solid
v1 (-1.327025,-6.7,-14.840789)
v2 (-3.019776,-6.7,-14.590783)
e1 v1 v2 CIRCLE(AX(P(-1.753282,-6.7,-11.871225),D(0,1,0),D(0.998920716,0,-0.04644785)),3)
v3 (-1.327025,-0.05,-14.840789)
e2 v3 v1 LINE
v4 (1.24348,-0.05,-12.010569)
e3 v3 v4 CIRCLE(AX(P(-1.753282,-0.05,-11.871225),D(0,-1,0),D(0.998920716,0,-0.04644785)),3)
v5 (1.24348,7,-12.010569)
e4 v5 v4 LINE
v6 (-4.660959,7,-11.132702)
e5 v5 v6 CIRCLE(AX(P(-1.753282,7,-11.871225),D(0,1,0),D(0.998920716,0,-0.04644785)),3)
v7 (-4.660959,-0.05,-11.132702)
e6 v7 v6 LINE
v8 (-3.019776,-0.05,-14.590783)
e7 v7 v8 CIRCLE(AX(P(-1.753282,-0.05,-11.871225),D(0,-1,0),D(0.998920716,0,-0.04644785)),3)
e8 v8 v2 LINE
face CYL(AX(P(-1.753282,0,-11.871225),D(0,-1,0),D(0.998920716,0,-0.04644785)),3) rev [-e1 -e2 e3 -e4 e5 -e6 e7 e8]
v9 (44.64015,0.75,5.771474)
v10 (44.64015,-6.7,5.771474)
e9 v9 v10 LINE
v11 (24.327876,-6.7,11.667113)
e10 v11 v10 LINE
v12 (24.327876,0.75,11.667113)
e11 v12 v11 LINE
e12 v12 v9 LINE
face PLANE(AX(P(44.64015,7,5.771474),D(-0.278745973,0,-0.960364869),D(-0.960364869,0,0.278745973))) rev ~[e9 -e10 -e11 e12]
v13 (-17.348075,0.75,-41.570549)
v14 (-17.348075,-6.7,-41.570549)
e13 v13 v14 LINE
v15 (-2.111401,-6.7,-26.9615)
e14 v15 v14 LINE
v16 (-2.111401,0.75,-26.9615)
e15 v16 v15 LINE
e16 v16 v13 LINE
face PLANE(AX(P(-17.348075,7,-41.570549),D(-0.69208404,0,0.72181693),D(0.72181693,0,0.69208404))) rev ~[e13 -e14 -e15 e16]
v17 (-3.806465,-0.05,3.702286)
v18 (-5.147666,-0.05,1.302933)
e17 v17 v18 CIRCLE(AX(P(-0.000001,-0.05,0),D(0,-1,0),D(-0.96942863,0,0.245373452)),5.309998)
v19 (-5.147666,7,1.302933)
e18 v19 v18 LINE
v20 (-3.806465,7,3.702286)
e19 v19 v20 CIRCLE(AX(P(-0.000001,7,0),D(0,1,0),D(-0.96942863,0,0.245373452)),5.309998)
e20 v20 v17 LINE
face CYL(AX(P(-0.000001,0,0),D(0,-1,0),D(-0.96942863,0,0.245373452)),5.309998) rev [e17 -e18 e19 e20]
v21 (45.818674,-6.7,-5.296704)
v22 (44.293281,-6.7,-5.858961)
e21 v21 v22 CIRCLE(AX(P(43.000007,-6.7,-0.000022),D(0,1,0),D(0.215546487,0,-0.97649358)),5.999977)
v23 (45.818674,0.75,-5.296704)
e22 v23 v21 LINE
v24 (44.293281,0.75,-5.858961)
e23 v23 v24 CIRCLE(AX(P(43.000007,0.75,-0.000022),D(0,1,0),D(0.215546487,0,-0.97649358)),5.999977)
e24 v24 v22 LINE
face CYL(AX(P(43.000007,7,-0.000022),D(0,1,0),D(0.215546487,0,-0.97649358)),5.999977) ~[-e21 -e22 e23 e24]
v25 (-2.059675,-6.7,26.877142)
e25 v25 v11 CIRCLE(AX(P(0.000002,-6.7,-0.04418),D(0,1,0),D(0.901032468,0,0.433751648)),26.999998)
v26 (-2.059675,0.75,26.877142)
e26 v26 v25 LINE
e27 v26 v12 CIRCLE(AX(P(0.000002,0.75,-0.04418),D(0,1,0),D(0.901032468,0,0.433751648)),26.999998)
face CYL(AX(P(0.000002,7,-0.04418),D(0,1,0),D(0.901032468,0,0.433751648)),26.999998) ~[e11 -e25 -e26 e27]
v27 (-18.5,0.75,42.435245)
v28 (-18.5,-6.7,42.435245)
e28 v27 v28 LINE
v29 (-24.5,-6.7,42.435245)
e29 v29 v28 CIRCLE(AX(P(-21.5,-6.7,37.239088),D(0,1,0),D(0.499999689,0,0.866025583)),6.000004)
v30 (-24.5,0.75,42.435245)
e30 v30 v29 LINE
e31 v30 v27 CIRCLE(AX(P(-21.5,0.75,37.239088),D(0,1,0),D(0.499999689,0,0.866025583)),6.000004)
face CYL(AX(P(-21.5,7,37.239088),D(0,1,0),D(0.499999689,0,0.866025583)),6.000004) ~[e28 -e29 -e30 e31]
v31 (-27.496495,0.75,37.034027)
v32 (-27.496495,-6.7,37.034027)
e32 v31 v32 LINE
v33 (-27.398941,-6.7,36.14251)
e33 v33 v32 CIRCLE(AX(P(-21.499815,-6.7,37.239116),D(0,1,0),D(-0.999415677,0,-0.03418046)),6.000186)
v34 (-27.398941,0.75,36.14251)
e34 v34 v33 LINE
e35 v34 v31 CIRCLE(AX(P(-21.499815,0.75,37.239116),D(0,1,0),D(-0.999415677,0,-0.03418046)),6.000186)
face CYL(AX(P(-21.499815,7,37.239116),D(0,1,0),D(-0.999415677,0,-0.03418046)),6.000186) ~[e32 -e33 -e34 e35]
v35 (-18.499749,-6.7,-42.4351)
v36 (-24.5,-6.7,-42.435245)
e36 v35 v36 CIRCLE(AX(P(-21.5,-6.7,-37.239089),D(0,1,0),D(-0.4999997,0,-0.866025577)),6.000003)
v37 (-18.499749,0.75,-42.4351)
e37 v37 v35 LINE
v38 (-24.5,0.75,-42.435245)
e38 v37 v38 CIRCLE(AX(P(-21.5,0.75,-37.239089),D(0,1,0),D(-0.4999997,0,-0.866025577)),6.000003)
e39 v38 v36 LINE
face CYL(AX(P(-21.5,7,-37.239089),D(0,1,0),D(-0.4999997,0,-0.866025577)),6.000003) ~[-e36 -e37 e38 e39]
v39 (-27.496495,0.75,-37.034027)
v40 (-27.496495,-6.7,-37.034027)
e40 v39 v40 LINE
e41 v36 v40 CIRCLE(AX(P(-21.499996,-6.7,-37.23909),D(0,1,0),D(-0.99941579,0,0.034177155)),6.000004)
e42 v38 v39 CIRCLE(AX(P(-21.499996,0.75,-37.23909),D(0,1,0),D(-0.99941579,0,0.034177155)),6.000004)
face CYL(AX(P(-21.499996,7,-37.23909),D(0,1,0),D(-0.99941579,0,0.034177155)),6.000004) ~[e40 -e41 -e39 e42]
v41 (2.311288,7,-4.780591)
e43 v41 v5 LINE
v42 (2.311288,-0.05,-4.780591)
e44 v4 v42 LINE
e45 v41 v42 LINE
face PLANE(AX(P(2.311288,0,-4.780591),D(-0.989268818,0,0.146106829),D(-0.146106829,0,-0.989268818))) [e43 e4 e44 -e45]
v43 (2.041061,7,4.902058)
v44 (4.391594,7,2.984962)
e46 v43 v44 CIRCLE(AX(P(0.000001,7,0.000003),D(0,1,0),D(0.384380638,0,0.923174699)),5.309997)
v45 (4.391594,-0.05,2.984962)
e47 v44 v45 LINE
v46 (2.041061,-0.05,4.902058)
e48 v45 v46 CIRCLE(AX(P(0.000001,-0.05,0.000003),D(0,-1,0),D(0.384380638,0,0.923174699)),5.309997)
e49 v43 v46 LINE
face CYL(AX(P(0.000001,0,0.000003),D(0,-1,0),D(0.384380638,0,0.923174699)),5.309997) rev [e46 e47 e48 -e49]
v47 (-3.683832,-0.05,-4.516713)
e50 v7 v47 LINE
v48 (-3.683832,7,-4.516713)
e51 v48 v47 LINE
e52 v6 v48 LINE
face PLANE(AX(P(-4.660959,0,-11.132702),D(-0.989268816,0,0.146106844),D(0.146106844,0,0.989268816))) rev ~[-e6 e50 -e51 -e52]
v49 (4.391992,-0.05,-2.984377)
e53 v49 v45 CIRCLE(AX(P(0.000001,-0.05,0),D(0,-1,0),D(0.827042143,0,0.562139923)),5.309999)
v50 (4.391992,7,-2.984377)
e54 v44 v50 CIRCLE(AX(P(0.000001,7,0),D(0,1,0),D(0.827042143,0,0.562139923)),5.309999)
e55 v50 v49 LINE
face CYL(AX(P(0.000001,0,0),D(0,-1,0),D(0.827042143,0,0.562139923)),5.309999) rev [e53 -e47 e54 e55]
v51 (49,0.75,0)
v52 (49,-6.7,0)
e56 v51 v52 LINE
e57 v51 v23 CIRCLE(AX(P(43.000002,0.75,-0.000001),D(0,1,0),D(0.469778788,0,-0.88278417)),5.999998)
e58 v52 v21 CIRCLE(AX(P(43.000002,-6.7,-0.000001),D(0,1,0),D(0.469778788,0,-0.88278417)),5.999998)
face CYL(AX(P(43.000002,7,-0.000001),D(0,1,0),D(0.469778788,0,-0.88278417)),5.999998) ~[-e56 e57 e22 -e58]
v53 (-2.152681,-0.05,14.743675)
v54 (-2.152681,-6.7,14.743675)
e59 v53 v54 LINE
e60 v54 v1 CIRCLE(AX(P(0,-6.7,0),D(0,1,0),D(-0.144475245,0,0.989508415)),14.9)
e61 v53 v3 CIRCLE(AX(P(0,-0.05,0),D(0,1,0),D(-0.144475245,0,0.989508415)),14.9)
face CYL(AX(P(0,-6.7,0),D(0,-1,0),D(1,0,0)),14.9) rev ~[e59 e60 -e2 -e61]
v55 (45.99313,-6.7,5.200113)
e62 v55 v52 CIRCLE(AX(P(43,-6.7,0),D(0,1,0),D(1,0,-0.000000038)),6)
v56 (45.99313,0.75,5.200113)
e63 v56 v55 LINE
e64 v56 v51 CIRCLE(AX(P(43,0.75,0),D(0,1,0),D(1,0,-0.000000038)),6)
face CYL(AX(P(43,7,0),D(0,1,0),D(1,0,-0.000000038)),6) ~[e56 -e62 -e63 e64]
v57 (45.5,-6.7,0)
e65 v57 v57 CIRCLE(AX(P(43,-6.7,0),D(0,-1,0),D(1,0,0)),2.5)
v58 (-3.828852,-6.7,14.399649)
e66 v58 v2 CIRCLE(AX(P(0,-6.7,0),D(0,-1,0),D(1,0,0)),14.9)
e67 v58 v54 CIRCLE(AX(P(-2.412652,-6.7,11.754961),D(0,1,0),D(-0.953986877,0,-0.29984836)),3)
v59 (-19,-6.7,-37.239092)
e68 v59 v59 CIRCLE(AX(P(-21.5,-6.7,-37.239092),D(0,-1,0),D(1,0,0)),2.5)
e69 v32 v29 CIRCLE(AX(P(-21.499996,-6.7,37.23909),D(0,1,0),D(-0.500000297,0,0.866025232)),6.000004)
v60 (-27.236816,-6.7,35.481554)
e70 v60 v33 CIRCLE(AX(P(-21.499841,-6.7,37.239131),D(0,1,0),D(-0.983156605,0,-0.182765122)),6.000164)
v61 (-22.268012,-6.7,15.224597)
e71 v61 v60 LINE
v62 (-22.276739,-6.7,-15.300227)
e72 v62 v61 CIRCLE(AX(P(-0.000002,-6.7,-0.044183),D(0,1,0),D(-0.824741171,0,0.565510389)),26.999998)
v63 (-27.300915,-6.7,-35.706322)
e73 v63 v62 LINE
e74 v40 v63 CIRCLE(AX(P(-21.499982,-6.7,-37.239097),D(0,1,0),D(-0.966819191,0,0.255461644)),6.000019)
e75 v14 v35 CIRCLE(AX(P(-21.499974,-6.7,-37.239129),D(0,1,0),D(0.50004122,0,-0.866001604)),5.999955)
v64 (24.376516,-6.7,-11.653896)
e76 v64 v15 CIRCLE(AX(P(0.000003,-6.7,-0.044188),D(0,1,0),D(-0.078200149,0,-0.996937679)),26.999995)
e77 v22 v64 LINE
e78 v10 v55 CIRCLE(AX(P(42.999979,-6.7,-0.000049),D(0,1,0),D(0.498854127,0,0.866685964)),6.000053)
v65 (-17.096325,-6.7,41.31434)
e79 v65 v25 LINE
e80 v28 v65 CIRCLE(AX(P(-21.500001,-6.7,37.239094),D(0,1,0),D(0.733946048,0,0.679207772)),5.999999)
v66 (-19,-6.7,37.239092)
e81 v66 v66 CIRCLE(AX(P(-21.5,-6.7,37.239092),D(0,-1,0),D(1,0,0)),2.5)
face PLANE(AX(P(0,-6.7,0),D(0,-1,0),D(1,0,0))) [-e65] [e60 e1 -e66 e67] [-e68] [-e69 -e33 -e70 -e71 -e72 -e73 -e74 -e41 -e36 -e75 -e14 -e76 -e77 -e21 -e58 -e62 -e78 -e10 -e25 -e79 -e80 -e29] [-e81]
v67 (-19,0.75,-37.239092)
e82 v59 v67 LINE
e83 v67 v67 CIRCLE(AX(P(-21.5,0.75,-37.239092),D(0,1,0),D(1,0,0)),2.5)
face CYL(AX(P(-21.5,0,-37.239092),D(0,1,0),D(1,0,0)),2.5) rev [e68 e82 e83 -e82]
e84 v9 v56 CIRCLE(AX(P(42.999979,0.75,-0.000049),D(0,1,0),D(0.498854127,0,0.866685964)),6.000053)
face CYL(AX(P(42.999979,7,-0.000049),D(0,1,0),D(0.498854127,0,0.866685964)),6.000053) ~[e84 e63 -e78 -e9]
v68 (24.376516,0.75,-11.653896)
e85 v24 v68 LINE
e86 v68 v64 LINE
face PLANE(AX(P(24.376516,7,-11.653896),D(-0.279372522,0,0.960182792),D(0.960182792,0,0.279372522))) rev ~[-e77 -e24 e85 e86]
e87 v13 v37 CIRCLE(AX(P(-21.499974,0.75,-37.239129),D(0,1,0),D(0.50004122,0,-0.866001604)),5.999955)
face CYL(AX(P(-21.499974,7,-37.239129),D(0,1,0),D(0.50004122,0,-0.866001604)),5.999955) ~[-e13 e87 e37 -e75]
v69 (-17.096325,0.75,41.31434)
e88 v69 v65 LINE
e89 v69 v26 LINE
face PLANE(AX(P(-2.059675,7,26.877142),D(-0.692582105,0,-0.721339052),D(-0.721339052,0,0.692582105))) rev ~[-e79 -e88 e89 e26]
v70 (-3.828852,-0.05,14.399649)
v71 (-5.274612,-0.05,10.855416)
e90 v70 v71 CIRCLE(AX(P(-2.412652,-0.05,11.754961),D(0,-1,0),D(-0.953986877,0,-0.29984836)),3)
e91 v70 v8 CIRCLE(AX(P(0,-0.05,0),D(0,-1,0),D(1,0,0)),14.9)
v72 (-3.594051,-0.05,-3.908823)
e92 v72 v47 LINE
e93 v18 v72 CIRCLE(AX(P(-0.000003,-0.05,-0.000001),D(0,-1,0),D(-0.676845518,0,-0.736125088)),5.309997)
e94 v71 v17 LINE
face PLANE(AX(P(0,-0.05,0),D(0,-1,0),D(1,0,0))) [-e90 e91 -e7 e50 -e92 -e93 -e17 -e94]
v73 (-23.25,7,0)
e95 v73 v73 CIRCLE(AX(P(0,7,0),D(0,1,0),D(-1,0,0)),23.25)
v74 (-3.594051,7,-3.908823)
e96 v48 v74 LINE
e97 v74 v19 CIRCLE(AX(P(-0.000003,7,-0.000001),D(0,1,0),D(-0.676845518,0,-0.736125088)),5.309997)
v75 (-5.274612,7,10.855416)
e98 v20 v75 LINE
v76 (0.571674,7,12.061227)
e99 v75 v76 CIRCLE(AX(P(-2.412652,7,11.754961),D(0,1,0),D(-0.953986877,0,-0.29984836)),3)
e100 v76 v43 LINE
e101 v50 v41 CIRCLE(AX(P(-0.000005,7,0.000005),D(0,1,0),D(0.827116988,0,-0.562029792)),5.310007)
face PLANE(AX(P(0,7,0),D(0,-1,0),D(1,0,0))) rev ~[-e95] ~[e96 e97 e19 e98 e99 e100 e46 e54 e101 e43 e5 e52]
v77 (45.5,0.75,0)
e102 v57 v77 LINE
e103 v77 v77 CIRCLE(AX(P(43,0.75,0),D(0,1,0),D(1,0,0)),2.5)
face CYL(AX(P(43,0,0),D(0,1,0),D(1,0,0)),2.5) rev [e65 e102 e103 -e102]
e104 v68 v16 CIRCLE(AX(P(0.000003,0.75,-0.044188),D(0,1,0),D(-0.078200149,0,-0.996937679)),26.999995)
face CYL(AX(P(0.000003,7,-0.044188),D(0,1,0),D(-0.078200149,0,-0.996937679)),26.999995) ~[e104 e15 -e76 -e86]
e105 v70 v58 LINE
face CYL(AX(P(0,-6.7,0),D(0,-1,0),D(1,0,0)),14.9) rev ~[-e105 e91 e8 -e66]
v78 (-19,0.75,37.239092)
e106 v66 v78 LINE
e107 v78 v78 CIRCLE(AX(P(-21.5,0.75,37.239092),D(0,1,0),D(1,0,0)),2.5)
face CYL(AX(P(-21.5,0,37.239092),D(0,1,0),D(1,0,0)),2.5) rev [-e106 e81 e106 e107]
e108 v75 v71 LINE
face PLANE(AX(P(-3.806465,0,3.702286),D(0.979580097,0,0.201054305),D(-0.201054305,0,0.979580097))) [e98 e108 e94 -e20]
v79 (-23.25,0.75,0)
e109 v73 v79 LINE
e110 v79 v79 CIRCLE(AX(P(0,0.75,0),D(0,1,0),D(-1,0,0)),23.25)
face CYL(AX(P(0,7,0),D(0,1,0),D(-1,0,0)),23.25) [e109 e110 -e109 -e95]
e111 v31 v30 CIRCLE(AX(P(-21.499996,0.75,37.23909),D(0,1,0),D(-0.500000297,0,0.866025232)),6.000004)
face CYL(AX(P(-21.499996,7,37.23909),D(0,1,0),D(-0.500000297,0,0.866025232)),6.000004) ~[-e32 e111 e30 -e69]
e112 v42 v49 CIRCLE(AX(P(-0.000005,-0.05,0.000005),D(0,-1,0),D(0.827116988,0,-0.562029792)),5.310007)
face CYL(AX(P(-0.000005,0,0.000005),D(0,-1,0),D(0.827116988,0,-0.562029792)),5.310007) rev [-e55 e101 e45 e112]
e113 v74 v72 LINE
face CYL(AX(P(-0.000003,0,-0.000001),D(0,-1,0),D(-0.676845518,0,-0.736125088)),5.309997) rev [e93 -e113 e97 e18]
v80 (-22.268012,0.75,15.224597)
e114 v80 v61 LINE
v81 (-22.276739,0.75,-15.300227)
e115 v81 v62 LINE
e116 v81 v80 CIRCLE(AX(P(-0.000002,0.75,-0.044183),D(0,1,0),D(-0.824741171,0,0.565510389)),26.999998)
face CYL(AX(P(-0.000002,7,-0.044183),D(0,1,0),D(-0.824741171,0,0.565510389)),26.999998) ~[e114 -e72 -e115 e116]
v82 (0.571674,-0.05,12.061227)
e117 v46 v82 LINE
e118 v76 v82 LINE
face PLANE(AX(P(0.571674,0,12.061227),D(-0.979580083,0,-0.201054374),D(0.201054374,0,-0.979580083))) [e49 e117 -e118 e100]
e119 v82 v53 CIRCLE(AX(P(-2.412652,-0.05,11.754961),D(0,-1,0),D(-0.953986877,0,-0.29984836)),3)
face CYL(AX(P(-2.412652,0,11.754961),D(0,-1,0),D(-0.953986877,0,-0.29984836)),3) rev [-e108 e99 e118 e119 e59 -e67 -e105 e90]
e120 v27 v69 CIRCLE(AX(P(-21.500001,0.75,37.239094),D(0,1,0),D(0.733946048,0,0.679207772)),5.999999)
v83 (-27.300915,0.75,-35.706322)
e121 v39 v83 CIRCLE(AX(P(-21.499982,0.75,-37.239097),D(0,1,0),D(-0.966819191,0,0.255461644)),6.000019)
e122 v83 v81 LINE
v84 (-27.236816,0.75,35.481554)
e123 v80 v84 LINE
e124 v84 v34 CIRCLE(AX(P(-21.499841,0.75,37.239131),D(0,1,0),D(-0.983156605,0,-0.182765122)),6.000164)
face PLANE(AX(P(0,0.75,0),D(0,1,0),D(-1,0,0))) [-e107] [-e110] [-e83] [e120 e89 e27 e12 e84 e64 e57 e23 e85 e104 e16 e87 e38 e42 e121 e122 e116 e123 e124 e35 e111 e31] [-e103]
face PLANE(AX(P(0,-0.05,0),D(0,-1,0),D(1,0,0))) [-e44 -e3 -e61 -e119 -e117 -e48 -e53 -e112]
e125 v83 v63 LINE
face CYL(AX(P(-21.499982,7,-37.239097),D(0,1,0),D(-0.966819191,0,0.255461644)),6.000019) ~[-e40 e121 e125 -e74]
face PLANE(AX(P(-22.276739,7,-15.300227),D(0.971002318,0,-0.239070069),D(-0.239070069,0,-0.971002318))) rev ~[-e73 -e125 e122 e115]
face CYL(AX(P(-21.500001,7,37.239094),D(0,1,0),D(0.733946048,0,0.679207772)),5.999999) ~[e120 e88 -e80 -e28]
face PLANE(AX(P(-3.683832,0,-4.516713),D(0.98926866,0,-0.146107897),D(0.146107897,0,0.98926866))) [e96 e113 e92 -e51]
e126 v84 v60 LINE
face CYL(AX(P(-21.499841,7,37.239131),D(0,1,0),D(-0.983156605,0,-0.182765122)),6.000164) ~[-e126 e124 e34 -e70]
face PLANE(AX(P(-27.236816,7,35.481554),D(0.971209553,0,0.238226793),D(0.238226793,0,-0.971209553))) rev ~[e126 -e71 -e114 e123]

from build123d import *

# Parameters (mm, degrees)
F0_R          = 49
F0_R_2        = 2.5
F1_DEPTH      = 6.7
F1_DEPTH_BACK = 7
F2_R          = 57.85
F2_R_2        = 55.35
F3_DEPTH      = 3
F4_R          = 14.9
F5_DEPTH      = 6.65
F7_DEPTH      = 30.3
F8_R          = 57.307814
F8_R_2        = 23.25
F9_DEPTH      = 6.25


with BuildPart() as f1:
    # F0 (on Front) → F1 (new body, two sides)
    with BuildSketch(Plane.XZ) as f1_sk:
        Circle(F0_R)
        with Locations((-21.5, -37.239092)):
            Circle(F0_R_2, mode=Mode.SUBTRACT)
        with BuildLine():
            ThreePointArc((2.041061, 4.902058), (3.356125, 4.114915), (4.391594, 2.984962))
            ThreePointArc((4.391594, 2.984962), (5.31, 0.000354), (4.391992, -2.984377))
            ThreePointArc((4.391992, -2.984377), (3.469883, -4.019454), (2.311288, -4.780591))
            Line((2.311288, -4.780591), (1.24348, -12.010569))
            ThreePointArc((1.24348, -12.010569), (-2.194471, -14.838607), (-4.660959, -11.132702))
            Line((-4.660959, -11.132702), (-3.683832, -4.516713))
            Line((-3.683832, -4.516713), (-3.594051, -3.908823))
            ThreePointArc((-3.594051, -3.908823), (-5.088714, -1.516936), (-5.147666, 1.302933))
            ThreePointArc((-5.147666, 1.302933), (-4.635012, 2.5909), (-3.806465, 3.702286))
            Line((-3.806465, 3.702286), (-5.274612, 10.855416))
            ThreePointArc((-5.274612, 10.855416), (-3.018653, 14.693117), (0.571674, 12.061227))
            Line((0.571674, 12.061227), (2.041061, 4.902058))
        make_face(mode=Mode.SUBTRACT)
        with Locations((43, 0)):
            Circle(F0_R_2, mode=Mode.SUBTRACT)
        with Locations((-21.5, 37.239092)):
            Circle(F0_R_2, mode=Mode.SUBTRACT)
    extrude(amount=F1_DEPTH)
    extrude(f1_sk.sketch, amount=-F1_DEPTH_BACK)

    # F2 (on face) → F3 (cut)
    with BuildSketch(Plane(origin=(0, 7, 0), x_dir=(-1, 0, 0), z_dir=(0, 1, 0))):
        Circle(F2_R)
        Circle(F2_R_2, mode=Mode.SUBTRACT)
    extrude(amount=-F3_DEPTH, mode=Mode.SUBTRACT)

    # F4 (on face) → F5 (cut)
    with BuildSketch(Plane.XZ.offset(6.7)):
        Circle(F4_R)
    extrude(amount=-F5_DEPTH, mode=Mode.SUBTRACT)

    # F6 (on face) → F7 (cut)
    with BuildSketch(Plane(origin=(0, 7, 0), x_dir=(-1, 0, 0), z_dir=(0, 1, 0))):
        with BuildLine():
            ThreePointArc((-49, 0), (-48.194169, 3.003433), (-45.99313, 5.200113))
            ThreePointArc((-45.99313, 5.200113), (-45.334188, 5.527347), (-44.64015, 5.771474))
            Line((-44.64015, 5.771474), (-24.327876, 11.667113))
            ThreePointArc((-24.327876, 11.667113), (-13.483488, 23.348029), (2.059675, 26.877142))
            Line((2.059675, 26.877142), (17.096325, 41.31434))
            ThreePointArc((17.096325, 41.31434), (17.755977, 41.92762), (18.5, 42.435245))
            ThreePointArc((18.5, 42.435245), (21.5, 43.239092), (24.5, 42.435245))
            ThreePointArc((24.5, 42.435245), (-24.5, 42.435245), (-49, 0))
        make_face()
        with BuildLine():
            ThreePointArc((49, 0), (42.435245, 24.5), (24.5, 42.435245))
            ThreePointArc((24.5, 42.435245), (26.746667, 40.149845), (27.496495, 37.034027))
            ThreePointArc((27.496495, 37.034027), (27.464398, 36.586443), (27.398941, 36.14251))
            ThreePointArc((27.398941, 36.14251), (27.327257, 35.809732), (27.236816, 35.481554))
            Line((27.236816, 35.481554), (22.268012, 15.224597))
            ThreePointArc((22.268012, 15.224597), (26.999999, -0.036464), (22.276739, -15.300227))
            Line((22.276739, -15.300227), (27.300915, -35.706322))
            ThreePointArc((27.300915, -35.706322), (27.435943, -36.364689), (27.496495, -37.034027))
            ThreePointArc((27.496495, -37.034027), (26.746667, -40.149845), (24.5, -42.435245))
            ThreePointArc((24.5, -42.435245), (42.435245, -24.5), (49, 0))
        make_face()
        with BuildLine():
            ThreePointArc((-45.818674, -5.296704), (-48.143542, -3.089333), (-49, 0))
            ThreePointArc((-49, 0), (-24.5, -42.435245), (24.5, -42.435245))
            ThreePointArc((24.5, -42.435245), (21.499855, -43.239092), (18.499749, -42.4351))
            ThreePointArc((18.499749, -42.4351), (17.89788, -42.037502), (17.348075, -41.570549))
            Line((17.348075, -41.570549), (2.111401, -26.9615))
            ThreePointArc((2.111401, -26.9615), (-13.509794, -23.421212), (-24.376516, -11.653896))
            Line((-24.376516, -11.653896), (-44.293281, -5.858961))
            ThreePointArc((-44.293281, -5.858961), (-45.075108, -5.629736), (-45.818674, -5.296704))
        make_face()
    extrude(amount=-F7_DEPTH, mode=Mode.SUBTRACT)

    # F8 (on face) → F9 (cut)
    with BuildSketch(Plane(origin=(0, 7, 0), x_dir=(-1, 0, 0), z_dir=(0, 1, 0))):
        Circle(F8_R)
        Circle(F8_R_2, mode=Mode.SUBTRACT)
    extrude(amount=-F9_DEPTH, mode=Mode.SUBTRACT)


solid = f1.part
